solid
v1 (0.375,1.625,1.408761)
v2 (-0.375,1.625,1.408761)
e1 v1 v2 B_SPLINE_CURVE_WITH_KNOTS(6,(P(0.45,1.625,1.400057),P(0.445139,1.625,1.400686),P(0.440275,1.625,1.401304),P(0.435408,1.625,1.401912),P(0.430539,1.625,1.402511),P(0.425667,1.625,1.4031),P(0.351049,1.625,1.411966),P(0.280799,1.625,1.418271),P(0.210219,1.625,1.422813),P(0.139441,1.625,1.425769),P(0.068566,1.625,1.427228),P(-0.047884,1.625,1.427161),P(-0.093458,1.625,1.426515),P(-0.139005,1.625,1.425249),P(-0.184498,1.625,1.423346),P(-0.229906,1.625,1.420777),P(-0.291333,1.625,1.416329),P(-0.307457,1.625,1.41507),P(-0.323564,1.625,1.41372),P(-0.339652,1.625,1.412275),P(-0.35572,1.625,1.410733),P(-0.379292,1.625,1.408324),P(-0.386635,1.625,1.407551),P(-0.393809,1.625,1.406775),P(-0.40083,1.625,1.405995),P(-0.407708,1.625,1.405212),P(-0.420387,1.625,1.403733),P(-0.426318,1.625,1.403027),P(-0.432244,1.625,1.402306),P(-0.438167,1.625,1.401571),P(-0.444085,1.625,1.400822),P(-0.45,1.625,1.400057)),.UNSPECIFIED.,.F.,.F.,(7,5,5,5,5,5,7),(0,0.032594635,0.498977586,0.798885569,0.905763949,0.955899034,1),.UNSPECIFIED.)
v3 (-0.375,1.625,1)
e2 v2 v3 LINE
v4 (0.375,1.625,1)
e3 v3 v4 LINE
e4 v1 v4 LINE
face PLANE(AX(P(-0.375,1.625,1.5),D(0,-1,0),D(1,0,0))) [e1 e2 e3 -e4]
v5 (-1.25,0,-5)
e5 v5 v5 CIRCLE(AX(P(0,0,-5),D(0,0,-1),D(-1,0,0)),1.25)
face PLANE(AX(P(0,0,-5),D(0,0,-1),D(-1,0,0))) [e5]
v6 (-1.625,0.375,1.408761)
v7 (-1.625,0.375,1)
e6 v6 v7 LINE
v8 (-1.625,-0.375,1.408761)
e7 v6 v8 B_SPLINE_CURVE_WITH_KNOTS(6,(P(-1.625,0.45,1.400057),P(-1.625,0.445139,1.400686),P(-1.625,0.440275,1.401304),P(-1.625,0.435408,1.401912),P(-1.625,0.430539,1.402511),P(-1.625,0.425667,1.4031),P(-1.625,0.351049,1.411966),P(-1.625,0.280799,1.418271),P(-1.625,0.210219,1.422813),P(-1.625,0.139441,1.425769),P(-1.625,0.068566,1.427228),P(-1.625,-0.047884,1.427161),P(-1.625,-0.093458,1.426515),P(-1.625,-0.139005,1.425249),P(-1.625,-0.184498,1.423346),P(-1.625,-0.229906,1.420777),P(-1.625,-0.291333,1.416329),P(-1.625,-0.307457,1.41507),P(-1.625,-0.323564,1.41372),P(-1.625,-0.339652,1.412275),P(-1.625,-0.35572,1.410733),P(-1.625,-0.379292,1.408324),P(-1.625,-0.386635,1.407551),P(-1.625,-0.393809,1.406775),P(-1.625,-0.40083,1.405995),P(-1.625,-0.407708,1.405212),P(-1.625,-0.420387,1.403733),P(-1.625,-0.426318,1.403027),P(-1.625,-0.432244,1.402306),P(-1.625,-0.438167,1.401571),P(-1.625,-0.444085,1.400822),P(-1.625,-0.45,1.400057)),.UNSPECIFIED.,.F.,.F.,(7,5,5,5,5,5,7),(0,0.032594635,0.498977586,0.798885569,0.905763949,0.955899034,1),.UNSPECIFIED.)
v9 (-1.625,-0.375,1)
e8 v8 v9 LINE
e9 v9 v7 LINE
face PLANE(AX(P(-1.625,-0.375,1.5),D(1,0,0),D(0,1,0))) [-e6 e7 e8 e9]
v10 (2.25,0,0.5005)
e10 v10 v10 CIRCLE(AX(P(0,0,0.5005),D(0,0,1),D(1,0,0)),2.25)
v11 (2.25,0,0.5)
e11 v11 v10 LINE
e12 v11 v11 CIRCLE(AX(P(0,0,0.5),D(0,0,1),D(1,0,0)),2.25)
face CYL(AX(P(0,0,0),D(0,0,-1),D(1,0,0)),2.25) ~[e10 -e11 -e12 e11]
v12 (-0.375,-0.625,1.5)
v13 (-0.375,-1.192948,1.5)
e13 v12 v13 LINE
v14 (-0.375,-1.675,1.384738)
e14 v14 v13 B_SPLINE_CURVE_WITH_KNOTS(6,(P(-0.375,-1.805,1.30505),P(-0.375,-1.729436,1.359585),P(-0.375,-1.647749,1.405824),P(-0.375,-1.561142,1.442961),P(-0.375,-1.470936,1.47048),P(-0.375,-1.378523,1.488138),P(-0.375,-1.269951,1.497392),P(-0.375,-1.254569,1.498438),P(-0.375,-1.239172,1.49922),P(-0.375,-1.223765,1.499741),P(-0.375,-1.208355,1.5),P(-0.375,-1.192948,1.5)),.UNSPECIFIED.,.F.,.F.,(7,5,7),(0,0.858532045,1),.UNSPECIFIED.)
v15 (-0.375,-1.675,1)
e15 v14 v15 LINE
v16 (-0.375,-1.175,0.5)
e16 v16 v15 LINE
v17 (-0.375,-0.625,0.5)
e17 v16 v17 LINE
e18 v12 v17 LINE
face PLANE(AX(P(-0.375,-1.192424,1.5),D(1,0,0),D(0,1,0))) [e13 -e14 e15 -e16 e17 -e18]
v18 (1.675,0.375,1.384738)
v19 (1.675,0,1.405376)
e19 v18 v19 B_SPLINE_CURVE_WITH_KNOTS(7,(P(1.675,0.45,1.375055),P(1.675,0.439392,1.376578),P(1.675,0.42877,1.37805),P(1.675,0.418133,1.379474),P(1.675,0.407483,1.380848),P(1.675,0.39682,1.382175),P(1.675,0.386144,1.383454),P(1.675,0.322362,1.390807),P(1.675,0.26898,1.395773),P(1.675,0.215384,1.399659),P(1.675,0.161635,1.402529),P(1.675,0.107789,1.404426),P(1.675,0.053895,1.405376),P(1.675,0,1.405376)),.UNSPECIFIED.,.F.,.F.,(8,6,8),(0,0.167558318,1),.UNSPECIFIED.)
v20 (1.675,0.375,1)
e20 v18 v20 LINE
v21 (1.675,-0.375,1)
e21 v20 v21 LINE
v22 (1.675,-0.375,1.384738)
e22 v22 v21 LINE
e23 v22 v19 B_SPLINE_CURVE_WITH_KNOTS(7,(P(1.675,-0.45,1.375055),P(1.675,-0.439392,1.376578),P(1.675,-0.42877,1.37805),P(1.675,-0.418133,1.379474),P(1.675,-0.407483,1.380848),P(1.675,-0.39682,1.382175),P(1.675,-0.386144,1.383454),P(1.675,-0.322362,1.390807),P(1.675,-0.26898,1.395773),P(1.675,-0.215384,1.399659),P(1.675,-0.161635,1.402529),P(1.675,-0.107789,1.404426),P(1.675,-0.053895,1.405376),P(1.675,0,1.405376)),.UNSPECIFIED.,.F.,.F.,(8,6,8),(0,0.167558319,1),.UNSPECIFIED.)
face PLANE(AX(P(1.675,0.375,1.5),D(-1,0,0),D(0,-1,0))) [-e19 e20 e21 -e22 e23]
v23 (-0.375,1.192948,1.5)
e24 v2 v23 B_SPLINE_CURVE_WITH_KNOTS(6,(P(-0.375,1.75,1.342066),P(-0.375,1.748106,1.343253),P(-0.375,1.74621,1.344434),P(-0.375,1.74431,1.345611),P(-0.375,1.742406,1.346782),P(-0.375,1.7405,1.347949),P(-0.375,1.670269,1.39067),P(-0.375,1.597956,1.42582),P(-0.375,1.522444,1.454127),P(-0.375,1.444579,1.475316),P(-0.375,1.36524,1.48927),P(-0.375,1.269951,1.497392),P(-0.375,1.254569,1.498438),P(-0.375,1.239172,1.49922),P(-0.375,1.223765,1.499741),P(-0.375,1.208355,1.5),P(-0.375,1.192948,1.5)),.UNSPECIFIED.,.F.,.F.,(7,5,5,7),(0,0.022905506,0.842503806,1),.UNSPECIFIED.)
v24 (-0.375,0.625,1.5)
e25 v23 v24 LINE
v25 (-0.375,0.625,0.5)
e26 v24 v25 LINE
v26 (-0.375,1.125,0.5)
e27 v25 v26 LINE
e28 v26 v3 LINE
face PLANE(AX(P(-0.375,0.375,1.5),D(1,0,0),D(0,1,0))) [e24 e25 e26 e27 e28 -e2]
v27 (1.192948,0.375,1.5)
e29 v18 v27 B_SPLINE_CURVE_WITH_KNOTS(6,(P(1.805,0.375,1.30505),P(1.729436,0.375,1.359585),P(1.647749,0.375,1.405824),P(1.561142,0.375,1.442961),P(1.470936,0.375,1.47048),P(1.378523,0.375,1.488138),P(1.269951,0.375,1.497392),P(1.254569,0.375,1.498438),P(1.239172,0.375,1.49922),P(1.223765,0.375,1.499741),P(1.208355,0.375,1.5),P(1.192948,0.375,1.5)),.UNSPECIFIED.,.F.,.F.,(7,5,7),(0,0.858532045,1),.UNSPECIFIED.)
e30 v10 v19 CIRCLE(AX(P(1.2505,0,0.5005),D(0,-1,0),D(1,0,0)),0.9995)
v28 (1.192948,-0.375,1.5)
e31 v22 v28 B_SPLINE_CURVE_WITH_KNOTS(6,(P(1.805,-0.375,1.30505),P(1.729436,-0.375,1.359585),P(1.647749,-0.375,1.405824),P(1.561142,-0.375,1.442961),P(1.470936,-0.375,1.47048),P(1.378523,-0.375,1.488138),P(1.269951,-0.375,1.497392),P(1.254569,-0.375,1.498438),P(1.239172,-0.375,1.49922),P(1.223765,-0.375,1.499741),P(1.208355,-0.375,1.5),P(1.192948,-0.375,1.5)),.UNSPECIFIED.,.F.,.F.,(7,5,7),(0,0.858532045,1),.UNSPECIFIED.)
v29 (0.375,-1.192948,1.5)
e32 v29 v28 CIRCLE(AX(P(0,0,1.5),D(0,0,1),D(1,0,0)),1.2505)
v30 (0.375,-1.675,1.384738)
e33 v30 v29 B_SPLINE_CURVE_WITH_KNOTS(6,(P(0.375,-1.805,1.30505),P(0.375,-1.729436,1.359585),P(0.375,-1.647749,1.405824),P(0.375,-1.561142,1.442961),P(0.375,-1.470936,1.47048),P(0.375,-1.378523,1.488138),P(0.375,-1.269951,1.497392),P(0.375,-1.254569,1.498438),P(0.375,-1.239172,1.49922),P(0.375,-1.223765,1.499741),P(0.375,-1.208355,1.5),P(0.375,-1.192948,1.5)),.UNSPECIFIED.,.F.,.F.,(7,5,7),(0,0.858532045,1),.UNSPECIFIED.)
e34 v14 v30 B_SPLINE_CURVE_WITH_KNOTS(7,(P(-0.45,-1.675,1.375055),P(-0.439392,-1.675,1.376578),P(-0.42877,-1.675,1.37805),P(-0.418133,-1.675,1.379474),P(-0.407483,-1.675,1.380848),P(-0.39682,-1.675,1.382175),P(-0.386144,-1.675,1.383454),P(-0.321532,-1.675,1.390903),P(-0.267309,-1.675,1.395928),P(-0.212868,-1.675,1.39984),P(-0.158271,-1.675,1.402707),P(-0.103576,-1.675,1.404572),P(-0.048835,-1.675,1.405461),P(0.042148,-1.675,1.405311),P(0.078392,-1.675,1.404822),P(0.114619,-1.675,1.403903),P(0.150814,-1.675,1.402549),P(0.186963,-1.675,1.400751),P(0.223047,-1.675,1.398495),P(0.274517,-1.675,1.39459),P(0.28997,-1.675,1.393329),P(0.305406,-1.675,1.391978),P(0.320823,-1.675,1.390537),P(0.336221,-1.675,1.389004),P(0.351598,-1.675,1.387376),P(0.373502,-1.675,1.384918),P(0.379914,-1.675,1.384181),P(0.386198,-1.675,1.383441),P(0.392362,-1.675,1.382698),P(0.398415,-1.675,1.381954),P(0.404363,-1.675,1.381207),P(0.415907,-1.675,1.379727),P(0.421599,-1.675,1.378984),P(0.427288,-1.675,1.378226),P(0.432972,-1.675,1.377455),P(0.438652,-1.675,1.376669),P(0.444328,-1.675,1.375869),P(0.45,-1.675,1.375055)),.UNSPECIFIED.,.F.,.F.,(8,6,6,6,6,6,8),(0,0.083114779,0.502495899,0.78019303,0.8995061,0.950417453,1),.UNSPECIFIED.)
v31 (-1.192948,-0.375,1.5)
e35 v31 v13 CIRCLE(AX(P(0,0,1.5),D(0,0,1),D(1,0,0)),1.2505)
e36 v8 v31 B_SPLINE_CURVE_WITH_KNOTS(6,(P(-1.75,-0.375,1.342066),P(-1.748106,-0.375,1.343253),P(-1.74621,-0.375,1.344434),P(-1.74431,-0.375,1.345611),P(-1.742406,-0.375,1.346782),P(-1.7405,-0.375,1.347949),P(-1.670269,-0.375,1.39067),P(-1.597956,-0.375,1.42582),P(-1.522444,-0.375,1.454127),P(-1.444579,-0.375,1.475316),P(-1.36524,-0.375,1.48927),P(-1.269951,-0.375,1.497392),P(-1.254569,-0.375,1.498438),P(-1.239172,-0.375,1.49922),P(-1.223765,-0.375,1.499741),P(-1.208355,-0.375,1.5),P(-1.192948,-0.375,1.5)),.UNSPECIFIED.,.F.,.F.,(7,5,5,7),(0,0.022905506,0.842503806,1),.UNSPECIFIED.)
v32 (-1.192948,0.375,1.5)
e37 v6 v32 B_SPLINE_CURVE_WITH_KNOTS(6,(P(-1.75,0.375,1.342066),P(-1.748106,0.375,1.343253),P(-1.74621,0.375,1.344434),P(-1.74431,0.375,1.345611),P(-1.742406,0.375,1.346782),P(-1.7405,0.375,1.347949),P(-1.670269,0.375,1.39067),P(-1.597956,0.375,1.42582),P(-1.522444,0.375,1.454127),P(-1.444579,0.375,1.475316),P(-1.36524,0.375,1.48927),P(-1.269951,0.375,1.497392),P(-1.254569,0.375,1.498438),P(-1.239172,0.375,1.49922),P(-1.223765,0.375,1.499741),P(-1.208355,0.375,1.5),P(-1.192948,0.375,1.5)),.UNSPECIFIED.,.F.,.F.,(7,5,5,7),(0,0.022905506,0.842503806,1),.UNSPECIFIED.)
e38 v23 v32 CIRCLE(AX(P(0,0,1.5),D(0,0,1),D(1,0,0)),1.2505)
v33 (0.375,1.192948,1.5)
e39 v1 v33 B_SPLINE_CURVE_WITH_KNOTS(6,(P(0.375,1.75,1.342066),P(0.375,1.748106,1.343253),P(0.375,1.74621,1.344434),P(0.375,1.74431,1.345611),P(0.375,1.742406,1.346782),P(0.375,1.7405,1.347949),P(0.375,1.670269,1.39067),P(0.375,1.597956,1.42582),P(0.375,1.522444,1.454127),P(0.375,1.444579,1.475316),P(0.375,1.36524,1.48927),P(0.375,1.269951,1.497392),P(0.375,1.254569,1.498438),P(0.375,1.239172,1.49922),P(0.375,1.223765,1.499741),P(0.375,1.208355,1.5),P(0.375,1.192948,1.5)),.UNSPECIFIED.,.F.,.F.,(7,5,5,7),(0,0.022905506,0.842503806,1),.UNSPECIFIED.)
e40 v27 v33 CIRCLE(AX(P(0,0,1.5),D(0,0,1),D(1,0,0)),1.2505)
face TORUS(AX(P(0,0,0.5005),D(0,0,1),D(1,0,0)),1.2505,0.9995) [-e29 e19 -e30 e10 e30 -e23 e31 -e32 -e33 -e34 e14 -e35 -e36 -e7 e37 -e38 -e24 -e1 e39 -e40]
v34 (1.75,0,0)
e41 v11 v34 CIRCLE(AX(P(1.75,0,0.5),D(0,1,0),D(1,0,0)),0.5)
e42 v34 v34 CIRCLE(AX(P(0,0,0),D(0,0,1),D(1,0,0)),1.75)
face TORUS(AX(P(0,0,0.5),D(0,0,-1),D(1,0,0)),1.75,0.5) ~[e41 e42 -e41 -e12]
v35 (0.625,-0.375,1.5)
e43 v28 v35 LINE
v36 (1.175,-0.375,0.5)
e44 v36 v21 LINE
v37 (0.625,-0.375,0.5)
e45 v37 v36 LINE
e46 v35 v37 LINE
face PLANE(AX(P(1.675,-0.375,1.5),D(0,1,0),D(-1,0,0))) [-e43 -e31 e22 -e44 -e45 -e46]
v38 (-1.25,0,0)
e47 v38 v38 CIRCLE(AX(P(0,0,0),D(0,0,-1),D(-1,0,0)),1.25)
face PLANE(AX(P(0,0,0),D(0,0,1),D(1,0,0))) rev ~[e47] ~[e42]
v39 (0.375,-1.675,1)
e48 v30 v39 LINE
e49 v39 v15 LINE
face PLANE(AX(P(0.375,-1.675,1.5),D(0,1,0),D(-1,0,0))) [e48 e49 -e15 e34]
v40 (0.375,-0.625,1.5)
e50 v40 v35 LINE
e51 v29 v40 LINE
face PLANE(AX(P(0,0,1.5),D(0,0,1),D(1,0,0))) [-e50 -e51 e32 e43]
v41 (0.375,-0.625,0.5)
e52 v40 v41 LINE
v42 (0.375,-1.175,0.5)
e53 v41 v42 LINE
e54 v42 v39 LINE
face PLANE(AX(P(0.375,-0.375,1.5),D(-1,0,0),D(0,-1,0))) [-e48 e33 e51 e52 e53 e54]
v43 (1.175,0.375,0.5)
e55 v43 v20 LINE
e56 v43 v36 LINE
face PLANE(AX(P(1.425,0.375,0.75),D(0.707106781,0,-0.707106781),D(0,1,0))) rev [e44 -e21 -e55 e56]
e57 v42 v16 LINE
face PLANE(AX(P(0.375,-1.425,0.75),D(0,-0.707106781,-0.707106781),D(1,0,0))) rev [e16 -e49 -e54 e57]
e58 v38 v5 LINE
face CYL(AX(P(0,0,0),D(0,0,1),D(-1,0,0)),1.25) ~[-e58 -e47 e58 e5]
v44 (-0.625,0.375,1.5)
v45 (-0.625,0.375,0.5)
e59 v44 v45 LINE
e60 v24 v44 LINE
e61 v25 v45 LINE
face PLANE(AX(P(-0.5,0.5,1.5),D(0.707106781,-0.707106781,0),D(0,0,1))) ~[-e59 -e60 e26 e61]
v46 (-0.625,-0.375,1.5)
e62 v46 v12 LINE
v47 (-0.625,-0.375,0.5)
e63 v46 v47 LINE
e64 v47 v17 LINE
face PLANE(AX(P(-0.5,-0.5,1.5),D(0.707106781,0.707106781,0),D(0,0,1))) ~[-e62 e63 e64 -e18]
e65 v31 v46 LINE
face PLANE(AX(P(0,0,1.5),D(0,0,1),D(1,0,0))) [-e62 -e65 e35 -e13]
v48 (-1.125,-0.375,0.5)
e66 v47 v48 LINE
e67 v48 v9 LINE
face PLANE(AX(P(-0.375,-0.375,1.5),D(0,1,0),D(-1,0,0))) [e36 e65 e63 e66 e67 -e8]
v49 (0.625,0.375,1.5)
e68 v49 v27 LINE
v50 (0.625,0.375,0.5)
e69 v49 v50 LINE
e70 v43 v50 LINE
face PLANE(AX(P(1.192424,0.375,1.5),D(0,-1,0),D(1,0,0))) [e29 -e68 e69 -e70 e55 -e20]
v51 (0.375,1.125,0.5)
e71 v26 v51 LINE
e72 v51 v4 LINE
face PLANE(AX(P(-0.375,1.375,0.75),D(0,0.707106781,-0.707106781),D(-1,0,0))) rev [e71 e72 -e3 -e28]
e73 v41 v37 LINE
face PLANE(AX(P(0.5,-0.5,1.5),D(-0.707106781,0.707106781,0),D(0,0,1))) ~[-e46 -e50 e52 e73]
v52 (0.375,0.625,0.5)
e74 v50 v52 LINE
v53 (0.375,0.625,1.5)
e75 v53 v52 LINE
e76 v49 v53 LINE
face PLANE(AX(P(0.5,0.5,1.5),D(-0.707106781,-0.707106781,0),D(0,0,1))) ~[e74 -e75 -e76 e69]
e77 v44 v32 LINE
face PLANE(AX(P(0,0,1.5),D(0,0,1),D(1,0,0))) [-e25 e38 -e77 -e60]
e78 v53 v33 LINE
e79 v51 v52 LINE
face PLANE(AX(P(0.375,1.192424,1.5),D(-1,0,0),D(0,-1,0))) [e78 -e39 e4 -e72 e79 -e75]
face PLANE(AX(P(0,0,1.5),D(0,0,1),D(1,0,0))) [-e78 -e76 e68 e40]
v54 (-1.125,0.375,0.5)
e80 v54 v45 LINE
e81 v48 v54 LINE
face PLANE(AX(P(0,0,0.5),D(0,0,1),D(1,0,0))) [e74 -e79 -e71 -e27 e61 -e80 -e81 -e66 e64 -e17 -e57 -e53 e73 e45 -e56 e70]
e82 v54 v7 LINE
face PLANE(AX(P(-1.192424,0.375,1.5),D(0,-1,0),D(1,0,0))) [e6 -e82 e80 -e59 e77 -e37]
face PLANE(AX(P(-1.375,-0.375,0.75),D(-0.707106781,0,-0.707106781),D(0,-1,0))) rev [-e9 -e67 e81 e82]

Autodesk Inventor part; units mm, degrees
ref_plane "YZ Plane" through (0, 0, 0) normal (1, 0, 0) x (0, 1, 0)
ref_plane "XZ Plane" through (0, 0, 0) normal (0, 1, 0) x (-1, 0, 0)
ref_plane "XY Plane" through (0, 0, 0) normal (0, 0, 1) x (1, 0, 0)
sketch "Sketch1" plane through (0, 0, 0) normal (0, 0, 1) x (1, 0, 0)
  circle A0 centre (0, 0) radius 2.25
  dimension "d0" = 4.5
extrude "Extrusion1" add sketch "Sketch1" along normal blind 1.5
fillet "Fillet1" radius 0.5 1 edges at (-2.25, 0, 0)
fillet "Fillet2" radius 1 1 edges at (-2.25, 0, 1.5)
sketch "Sketch2" plane through (0, 0, 1.5) normal (0, 0, 1) x (1, 0, 0)
  line L0 (1.675, 0.375) -> (1.675, -0.375)
  line L1 (-1.625, -0.375) -> (-1.625, 0.375)
  line L2 (-0.375, 1.625) -> (0.375, 1.625)
  line L3 (0.375, -1.675) -> (-0.375, -1.675)
  line L4 (-0.375, -1.675) -> (-0.375, -0.375)
  line L5 (-0.375, 0.375) -> (-0.375, 1.625)
  line L6 (-1.625, 0.375) -> (-0.375, 0.375)
  line L7 (0.375, 0.375) -> (1.675, 0.375)
  line L8 (0.375, 1.625) -> (0.375, 0.375)
  line L9 (0.375, -0.375) -> (0.375, -1.675)
  line L10 (1.675, -0.375) -> (0.375, -0.375)
  line L11 (-0.375, -0.375) -> (-1.625, -0.375)
  circle A0 centre (0, 0) radius 1.25 projected
  dimension "d5" = 0.75
  dimension "d6" = 3.3
  dimension "d9" = 0.75
  dimension "d10" = 3.3
  dimension "d28" = 0.75
  dimension "d29" = 0.75
  dimension "d30" = 0.375
  dimension "d31" = 0.375
  dimension "d32" = 0.375
  dimension "d33" = 0.375
  dimension "d34" = 1.25
  dimension "d35" = 1.25
extrude "Extrusion2" cut sketch "Sketch2" against normal blind 1 contours L0 L10 A0 L7 | A0 L10 L9 L4 L11 L6 L5 L8 L7 | A0 L5 L2 L8 | L9 L3 L4 A0 | A0 L11 L1 L6
chamfer "Chamfer2" distance 0.25 angle 45 4 edges at (-0.375, 0.375, 1) (-0.375, -0.375, 1) (0.375, 0.375, 1) (0.375, -0.375, 1)
sketch "Sketch3" plane through (0, 0, 0) normal (0, 0, -1) x (-1, 0, 0)
  circle A0 centre (0, 0) radius 1.75 projected
  circle A1 centre (0, 0) radius 1.25
  dimension "d19" = 2.5
extrude "Extrusion3" add sketch "Sketch3" along normal blind 5 contours A1
thread "Thread1" size "M2.5x0.45" class "6g" standard "ANSI Metric M Profile" full length
chamfer "倒角3" distance 0.5 angle 45 4 edges at (-1.625, 0, 0.5) (0, 1.625, 0.5) (0, -1.675, 0.5) (1.675, 0, 0.5)
properties part number "screw_M3_5"
